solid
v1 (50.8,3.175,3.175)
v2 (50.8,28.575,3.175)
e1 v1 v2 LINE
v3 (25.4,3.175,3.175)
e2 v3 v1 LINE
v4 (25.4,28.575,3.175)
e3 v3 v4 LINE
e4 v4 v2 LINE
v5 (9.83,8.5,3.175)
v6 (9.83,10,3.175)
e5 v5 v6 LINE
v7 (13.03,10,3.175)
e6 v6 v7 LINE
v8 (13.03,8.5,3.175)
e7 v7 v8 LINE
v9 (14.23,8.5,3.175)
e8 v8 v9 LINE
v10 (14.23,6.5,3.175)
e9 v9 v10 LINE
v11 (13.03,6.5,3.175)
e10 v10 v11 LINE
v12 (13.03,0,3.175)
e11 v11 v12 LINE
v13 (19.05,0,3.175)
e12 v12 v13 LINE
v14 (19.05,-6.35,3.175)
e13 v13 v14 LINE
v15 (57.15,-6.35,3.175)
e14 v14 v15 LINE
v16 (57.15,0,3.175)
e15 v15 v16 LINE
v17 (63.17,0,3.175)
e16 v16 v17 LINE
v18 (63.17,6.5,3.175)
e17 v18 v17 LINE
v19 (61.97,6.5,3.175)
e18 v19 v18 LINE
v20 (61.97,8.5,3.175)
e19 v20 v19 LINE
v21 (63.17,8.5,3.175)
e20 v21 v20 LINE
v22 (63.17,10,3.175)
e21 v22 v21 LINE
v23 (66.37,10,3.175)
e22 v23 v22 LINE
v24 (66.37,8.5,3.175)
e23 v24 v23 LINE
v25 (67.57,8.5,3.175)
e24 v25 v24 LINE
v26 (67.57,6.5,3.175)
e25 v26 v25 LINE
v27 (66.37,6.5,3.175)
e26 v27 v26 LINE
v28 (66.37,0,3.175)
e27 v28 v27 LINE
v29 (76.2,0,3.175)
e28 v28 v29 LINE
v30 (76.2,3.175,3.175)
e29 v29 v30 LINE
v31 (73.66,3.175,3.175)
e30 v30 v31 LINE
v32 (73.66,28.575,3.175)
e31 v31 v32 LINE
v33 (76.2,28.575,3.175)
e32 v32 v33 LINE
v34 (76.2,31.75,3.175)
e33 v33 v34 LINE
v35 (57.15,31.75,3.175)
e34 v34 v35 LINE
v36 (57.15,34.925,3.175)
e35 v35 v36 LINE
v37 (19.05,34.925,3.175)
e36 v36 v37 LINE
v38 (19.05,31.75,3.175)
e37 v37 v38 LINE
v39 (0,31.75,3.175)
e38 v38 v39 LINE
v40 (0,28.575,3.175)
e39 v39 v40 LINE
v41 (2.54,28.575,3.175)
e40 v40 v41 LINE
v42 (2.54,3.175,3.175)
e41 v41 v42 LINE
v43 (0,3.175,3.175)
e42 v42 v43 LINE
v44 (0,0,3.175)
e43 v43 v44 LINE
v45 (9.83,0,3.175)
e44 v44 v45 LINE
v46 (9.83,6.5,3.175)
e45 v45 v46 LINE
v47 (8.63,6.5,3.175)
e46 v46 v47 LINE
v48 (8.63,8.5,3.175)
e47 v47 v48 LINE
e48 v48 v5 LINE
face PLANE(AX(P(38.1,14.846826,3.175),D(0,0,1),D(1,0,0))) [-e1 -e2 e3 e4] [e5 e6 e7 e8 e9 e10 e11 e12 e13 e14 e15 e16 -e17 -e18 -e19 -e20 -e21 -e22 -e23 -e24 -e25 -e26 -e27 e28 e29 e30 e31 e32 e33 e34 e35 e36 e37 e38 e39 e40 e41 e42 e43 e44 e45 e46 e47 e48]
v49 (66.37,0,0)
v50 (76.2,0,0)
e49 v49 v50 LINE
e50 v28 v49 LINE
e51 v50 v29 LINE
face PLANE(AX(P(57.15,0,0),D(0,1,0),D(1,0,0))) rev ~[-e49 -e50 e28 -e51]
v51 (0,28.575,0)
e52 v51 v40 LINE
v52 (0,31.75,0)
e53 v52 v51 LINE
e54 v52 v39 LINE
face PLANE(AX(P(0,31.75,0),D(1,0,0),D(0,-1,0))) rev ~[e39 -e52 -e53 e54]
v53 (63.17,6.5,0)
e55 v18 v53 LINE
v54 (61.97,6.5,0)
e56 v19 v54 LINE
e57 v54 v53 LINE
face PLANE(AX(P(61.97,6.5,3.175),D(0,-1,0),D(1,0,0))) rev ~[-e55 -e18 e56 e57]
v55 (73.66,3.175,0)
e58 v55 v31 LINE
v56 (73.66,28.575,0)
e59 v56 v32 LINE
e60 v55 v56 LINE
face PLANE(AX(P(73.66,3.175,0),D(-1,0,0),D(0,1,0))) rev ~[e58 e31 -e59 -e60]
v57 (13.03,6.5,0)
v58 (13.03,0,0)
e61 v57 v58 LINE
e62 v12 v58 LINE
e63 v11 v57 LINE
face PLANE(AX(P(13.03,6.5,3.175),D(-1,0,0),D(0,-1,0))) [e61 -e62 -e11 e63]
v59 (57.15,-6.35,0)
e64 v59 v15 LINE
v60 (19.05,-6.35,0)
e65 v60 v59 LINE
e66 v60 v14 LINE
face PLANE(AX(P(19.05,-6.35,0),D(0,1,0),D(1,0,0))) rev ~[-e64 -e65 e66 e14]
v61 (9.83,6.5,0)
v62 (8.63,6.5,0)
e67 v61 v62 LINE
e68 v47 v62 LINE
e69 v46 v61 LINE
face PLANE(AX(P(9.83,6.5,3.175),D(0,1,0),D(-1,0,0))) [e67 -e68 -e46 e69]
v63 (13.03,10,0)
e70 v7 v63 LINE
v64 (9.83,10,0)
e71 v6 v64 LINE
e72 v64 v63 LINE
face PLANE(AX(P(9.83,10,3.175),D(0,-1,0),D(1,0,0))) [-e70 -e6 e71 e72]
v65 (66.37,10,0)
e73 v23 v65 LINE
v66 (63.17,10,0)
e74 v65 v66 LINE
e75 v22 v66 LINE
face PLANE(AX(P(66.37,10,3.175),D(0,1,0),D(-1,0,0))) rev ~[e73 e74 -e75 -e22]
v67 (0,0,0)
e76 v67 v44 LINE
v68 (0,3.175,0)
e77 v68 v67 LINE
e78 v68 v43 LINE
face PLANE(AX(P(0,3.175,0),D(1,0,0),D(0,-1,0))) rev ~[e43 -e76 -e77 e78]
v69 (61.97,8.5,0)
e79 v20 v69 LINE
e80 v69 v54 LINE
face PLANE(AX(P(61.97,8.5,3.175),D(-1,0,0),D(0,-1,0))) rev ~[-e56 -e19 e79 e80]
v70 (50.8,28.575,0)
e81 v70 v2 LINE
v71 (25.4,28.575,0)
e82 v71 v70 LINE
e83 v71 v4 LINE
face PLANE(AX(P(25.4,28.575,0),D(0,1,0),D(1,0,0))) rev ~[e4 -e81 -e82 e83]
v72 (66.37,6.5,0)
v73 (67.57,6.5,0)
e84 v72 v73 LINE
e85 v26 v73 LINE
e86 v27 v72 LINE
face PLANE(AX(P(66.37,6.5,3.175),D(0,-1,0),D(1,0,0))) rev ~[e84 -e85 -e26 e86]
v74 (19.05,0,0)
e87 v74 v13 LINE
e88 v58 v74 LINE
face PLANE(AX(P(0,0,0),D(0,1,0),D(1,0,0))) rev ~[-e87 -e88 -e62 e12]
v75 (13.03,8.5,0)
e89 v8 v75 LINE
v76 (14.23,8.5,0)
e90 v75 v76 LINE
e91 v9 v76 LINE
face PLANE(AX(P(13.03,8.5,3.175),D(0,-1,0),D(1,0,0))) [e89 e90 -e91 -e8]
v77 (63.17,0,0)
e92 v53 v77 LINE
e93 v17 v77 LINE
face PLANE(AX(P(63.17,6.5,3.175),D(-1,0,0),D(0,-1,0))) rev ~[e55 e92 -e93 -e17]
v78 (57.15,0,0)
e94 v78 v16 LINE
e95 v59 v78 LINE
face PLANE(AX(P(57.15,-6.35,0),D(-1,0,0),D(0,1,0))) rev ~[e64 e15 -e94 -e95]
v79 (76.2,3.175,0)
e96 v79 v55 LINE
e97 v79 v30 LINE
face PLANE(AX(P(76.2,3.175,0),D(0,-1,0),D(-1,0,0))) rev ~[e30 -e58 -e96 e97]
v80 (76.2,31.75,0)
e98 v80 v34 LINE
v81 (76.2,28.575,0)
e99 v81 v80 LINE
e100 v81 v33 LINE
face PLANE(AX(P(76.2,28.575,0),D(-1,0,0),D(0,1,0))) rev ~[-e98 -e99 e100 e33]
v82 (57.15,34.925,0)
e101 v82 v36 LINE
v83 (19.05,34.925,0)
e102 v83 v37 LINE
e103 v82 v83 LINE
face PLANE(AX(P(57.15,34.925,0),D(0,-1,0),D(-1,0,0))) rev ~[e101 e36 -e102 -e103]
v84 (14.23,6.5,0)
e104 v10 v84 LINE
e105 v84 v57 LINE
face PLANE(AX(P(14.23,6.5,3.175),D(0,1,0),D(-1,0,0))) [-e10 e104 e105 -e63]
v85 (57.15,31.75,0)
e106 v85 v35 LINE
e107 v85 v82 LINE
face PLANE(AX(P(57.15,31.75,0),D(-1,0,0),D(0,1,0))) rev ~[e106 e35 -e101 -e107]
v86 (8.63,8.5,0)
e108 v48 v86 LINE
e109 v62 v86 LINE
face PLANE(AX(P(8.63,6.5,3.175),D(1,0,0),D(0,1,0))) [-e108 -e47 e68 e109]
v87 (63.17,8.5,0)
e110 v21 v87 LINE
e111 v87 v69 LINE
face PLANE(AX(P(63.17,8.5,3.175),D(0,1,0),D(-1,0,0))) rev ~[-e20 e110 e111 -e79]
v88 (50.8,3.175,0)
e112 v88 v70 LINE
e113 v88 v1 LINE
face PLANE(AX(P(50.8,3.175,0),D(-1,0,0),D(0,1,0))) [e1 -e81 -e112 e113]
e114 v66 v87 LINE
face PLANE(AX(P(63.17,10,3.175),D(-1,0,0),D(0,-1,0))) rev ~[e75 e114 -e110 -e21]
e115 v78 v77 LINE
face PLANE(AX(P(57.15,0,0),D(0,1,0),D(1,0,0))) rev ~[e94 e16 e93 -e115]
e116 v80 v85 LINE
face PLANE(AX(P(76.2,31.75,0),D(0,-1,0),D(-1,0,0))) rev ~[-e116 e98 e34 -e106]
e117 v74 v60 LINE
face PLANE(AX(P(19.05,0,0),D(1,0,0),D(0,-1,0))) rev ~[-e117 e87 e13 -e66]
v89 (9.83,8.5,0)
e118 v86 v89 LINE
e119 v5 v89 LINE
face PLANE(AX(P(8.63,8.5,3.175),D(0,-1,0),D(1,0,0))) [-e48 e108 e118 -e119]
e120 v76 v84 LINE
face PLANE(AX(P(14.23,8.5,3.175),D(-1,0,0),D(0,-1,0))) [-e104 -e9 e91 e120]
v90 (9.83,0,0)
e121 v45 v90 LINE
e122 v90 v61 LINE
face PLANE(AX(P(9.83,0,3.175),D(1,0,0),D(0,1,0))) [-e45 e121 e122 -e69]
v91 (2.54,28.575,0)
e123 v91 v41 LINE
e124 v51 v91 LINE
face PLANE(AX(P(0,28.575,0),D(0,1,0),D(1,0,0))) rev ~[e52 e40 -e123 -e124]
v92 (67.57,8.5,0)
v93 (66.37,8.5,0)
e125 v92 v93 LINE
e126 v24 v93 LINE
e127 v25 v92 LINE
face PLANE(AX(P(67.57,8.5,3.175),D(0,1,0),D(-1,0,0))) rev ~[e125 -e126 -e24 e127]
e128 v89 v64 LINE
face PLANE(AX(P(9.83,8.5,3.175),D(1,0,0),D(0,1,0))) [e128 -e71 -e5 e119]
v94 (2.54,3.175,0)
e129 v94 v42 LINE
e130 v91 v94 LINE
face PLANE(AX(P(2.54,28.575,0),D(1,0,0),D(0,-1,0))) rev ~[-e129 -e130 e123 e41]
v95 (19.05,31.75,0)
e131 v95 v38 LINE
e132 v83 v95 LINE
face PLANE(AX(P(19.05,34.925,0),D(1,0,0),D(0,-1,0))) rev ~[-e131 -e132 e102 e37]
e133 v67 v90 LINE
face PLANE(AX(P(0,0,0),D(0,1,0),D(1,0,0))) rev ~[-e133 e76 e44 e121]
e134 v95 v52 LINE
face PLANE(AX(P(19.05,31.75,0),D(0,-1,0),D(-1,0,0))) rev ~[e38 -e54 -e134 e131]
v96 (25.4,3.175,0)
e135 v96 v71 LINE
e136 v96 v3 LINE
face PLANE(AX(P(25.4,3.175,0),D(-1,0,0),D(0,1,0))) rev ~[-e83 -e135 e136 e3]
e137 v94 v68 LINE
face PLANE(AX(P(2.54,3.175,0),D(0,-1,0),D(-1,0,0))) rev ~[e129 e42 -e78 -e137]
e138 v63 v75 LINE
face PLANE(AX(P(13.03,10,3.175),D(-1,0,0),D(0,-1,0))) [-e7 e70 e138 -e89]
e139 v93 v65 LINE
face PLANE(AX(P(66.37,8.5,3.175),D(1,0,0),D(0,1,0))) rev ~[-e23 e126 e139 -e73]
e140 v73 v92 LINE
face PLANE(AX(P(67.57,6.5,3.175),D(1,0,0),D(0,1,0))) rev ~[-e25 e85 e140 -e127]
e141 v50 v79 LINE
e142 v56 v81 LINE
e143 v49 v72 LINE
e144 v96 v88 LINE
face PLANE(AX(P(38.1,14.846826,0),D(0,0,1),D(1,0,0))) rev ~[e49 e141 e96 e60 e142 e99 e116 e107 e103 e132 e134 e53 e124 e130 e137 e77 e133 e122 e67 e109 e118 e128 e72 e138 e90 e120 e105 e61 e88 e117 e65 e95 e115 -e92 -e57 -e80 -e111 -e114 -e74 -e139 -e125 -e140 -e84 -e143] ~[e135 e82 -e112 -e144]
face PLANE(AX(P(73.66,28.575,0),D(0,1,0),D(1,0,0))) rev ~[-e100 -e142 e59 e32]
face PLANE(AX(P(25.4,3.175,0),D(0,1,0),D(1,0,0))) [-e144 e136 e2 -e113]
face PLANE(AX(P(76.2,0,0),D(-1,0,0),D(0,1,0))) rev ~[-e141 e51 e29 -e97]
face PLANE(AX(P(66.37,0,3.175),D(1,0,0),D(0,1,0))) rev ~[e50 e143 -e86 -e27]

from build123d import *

# Parameters (mm, degrees)
SKETCH1_W           = 25.4
SKETCH1_H           = 25.4
BOSS_EXTRUDE1_DEPTH = 3.175
CUT_EXTRUDE1_DEPTH  = 4.175


with BuildPart() as part:
    # Sketch1 → Boss-Extrude1 (new body)
    with BuildSketch(Plane.XY):
        Polygon((0, 0), (19.05, 0), (19.05, -6.35), (57.15, -6.35), (57.15, 0), (76.2, 0), (76.2, 3.175), (73.66, 3.175), (73.66, 28.575), (76.2, 28.575), (76.2, 31.75), (57.15, 31.75), (57.15, 34.925), (19.05, 34.925), (19.05, 31.75), (0, 31.75), (0, 28.575), (2.54, 28.575), (2.54, 3.175), (0, 3.175), align=None)
        with Locations((38.1, 15.875)):
            Rectangle(SKETCH1_W, SKETCH1_H, mode=Mode.SUBTRACT)
    extrude(amount=BOSS_EXTRUDE1_DEPTH)

    # Sketch2 → Cut-Extrude1 (cut, through all)
    with BuildSketch(Plane.XY.offset(3.175)):
        Polygon((13.03, 0), (9.83, 0), (9.83, 6.5), (8.63, 6.5), (8.63, 8.5), (9.83, 8.5), (9.83, 10), (13.03, 10), (13.03, 8.5), (14.23, 8.5), (14.23, 6.5), (13.03, 6.5), align=None)
        Polygon((66.37, 8.5), (66.37, 10), (63.17, 10), (63.17, 8.5), (61.97, 8.5), (61.97, 6.5), (63.17, 6.5), (63.17, 0), (66.37, 0), (66.37, 6.5), (67.57, 6.5), (67.57, 8.5), align=None)
    extrude(amount=-CUT_EXTRUDE1_DEPTH, mode=Mode.SUBTRACT)


solid = part.part
